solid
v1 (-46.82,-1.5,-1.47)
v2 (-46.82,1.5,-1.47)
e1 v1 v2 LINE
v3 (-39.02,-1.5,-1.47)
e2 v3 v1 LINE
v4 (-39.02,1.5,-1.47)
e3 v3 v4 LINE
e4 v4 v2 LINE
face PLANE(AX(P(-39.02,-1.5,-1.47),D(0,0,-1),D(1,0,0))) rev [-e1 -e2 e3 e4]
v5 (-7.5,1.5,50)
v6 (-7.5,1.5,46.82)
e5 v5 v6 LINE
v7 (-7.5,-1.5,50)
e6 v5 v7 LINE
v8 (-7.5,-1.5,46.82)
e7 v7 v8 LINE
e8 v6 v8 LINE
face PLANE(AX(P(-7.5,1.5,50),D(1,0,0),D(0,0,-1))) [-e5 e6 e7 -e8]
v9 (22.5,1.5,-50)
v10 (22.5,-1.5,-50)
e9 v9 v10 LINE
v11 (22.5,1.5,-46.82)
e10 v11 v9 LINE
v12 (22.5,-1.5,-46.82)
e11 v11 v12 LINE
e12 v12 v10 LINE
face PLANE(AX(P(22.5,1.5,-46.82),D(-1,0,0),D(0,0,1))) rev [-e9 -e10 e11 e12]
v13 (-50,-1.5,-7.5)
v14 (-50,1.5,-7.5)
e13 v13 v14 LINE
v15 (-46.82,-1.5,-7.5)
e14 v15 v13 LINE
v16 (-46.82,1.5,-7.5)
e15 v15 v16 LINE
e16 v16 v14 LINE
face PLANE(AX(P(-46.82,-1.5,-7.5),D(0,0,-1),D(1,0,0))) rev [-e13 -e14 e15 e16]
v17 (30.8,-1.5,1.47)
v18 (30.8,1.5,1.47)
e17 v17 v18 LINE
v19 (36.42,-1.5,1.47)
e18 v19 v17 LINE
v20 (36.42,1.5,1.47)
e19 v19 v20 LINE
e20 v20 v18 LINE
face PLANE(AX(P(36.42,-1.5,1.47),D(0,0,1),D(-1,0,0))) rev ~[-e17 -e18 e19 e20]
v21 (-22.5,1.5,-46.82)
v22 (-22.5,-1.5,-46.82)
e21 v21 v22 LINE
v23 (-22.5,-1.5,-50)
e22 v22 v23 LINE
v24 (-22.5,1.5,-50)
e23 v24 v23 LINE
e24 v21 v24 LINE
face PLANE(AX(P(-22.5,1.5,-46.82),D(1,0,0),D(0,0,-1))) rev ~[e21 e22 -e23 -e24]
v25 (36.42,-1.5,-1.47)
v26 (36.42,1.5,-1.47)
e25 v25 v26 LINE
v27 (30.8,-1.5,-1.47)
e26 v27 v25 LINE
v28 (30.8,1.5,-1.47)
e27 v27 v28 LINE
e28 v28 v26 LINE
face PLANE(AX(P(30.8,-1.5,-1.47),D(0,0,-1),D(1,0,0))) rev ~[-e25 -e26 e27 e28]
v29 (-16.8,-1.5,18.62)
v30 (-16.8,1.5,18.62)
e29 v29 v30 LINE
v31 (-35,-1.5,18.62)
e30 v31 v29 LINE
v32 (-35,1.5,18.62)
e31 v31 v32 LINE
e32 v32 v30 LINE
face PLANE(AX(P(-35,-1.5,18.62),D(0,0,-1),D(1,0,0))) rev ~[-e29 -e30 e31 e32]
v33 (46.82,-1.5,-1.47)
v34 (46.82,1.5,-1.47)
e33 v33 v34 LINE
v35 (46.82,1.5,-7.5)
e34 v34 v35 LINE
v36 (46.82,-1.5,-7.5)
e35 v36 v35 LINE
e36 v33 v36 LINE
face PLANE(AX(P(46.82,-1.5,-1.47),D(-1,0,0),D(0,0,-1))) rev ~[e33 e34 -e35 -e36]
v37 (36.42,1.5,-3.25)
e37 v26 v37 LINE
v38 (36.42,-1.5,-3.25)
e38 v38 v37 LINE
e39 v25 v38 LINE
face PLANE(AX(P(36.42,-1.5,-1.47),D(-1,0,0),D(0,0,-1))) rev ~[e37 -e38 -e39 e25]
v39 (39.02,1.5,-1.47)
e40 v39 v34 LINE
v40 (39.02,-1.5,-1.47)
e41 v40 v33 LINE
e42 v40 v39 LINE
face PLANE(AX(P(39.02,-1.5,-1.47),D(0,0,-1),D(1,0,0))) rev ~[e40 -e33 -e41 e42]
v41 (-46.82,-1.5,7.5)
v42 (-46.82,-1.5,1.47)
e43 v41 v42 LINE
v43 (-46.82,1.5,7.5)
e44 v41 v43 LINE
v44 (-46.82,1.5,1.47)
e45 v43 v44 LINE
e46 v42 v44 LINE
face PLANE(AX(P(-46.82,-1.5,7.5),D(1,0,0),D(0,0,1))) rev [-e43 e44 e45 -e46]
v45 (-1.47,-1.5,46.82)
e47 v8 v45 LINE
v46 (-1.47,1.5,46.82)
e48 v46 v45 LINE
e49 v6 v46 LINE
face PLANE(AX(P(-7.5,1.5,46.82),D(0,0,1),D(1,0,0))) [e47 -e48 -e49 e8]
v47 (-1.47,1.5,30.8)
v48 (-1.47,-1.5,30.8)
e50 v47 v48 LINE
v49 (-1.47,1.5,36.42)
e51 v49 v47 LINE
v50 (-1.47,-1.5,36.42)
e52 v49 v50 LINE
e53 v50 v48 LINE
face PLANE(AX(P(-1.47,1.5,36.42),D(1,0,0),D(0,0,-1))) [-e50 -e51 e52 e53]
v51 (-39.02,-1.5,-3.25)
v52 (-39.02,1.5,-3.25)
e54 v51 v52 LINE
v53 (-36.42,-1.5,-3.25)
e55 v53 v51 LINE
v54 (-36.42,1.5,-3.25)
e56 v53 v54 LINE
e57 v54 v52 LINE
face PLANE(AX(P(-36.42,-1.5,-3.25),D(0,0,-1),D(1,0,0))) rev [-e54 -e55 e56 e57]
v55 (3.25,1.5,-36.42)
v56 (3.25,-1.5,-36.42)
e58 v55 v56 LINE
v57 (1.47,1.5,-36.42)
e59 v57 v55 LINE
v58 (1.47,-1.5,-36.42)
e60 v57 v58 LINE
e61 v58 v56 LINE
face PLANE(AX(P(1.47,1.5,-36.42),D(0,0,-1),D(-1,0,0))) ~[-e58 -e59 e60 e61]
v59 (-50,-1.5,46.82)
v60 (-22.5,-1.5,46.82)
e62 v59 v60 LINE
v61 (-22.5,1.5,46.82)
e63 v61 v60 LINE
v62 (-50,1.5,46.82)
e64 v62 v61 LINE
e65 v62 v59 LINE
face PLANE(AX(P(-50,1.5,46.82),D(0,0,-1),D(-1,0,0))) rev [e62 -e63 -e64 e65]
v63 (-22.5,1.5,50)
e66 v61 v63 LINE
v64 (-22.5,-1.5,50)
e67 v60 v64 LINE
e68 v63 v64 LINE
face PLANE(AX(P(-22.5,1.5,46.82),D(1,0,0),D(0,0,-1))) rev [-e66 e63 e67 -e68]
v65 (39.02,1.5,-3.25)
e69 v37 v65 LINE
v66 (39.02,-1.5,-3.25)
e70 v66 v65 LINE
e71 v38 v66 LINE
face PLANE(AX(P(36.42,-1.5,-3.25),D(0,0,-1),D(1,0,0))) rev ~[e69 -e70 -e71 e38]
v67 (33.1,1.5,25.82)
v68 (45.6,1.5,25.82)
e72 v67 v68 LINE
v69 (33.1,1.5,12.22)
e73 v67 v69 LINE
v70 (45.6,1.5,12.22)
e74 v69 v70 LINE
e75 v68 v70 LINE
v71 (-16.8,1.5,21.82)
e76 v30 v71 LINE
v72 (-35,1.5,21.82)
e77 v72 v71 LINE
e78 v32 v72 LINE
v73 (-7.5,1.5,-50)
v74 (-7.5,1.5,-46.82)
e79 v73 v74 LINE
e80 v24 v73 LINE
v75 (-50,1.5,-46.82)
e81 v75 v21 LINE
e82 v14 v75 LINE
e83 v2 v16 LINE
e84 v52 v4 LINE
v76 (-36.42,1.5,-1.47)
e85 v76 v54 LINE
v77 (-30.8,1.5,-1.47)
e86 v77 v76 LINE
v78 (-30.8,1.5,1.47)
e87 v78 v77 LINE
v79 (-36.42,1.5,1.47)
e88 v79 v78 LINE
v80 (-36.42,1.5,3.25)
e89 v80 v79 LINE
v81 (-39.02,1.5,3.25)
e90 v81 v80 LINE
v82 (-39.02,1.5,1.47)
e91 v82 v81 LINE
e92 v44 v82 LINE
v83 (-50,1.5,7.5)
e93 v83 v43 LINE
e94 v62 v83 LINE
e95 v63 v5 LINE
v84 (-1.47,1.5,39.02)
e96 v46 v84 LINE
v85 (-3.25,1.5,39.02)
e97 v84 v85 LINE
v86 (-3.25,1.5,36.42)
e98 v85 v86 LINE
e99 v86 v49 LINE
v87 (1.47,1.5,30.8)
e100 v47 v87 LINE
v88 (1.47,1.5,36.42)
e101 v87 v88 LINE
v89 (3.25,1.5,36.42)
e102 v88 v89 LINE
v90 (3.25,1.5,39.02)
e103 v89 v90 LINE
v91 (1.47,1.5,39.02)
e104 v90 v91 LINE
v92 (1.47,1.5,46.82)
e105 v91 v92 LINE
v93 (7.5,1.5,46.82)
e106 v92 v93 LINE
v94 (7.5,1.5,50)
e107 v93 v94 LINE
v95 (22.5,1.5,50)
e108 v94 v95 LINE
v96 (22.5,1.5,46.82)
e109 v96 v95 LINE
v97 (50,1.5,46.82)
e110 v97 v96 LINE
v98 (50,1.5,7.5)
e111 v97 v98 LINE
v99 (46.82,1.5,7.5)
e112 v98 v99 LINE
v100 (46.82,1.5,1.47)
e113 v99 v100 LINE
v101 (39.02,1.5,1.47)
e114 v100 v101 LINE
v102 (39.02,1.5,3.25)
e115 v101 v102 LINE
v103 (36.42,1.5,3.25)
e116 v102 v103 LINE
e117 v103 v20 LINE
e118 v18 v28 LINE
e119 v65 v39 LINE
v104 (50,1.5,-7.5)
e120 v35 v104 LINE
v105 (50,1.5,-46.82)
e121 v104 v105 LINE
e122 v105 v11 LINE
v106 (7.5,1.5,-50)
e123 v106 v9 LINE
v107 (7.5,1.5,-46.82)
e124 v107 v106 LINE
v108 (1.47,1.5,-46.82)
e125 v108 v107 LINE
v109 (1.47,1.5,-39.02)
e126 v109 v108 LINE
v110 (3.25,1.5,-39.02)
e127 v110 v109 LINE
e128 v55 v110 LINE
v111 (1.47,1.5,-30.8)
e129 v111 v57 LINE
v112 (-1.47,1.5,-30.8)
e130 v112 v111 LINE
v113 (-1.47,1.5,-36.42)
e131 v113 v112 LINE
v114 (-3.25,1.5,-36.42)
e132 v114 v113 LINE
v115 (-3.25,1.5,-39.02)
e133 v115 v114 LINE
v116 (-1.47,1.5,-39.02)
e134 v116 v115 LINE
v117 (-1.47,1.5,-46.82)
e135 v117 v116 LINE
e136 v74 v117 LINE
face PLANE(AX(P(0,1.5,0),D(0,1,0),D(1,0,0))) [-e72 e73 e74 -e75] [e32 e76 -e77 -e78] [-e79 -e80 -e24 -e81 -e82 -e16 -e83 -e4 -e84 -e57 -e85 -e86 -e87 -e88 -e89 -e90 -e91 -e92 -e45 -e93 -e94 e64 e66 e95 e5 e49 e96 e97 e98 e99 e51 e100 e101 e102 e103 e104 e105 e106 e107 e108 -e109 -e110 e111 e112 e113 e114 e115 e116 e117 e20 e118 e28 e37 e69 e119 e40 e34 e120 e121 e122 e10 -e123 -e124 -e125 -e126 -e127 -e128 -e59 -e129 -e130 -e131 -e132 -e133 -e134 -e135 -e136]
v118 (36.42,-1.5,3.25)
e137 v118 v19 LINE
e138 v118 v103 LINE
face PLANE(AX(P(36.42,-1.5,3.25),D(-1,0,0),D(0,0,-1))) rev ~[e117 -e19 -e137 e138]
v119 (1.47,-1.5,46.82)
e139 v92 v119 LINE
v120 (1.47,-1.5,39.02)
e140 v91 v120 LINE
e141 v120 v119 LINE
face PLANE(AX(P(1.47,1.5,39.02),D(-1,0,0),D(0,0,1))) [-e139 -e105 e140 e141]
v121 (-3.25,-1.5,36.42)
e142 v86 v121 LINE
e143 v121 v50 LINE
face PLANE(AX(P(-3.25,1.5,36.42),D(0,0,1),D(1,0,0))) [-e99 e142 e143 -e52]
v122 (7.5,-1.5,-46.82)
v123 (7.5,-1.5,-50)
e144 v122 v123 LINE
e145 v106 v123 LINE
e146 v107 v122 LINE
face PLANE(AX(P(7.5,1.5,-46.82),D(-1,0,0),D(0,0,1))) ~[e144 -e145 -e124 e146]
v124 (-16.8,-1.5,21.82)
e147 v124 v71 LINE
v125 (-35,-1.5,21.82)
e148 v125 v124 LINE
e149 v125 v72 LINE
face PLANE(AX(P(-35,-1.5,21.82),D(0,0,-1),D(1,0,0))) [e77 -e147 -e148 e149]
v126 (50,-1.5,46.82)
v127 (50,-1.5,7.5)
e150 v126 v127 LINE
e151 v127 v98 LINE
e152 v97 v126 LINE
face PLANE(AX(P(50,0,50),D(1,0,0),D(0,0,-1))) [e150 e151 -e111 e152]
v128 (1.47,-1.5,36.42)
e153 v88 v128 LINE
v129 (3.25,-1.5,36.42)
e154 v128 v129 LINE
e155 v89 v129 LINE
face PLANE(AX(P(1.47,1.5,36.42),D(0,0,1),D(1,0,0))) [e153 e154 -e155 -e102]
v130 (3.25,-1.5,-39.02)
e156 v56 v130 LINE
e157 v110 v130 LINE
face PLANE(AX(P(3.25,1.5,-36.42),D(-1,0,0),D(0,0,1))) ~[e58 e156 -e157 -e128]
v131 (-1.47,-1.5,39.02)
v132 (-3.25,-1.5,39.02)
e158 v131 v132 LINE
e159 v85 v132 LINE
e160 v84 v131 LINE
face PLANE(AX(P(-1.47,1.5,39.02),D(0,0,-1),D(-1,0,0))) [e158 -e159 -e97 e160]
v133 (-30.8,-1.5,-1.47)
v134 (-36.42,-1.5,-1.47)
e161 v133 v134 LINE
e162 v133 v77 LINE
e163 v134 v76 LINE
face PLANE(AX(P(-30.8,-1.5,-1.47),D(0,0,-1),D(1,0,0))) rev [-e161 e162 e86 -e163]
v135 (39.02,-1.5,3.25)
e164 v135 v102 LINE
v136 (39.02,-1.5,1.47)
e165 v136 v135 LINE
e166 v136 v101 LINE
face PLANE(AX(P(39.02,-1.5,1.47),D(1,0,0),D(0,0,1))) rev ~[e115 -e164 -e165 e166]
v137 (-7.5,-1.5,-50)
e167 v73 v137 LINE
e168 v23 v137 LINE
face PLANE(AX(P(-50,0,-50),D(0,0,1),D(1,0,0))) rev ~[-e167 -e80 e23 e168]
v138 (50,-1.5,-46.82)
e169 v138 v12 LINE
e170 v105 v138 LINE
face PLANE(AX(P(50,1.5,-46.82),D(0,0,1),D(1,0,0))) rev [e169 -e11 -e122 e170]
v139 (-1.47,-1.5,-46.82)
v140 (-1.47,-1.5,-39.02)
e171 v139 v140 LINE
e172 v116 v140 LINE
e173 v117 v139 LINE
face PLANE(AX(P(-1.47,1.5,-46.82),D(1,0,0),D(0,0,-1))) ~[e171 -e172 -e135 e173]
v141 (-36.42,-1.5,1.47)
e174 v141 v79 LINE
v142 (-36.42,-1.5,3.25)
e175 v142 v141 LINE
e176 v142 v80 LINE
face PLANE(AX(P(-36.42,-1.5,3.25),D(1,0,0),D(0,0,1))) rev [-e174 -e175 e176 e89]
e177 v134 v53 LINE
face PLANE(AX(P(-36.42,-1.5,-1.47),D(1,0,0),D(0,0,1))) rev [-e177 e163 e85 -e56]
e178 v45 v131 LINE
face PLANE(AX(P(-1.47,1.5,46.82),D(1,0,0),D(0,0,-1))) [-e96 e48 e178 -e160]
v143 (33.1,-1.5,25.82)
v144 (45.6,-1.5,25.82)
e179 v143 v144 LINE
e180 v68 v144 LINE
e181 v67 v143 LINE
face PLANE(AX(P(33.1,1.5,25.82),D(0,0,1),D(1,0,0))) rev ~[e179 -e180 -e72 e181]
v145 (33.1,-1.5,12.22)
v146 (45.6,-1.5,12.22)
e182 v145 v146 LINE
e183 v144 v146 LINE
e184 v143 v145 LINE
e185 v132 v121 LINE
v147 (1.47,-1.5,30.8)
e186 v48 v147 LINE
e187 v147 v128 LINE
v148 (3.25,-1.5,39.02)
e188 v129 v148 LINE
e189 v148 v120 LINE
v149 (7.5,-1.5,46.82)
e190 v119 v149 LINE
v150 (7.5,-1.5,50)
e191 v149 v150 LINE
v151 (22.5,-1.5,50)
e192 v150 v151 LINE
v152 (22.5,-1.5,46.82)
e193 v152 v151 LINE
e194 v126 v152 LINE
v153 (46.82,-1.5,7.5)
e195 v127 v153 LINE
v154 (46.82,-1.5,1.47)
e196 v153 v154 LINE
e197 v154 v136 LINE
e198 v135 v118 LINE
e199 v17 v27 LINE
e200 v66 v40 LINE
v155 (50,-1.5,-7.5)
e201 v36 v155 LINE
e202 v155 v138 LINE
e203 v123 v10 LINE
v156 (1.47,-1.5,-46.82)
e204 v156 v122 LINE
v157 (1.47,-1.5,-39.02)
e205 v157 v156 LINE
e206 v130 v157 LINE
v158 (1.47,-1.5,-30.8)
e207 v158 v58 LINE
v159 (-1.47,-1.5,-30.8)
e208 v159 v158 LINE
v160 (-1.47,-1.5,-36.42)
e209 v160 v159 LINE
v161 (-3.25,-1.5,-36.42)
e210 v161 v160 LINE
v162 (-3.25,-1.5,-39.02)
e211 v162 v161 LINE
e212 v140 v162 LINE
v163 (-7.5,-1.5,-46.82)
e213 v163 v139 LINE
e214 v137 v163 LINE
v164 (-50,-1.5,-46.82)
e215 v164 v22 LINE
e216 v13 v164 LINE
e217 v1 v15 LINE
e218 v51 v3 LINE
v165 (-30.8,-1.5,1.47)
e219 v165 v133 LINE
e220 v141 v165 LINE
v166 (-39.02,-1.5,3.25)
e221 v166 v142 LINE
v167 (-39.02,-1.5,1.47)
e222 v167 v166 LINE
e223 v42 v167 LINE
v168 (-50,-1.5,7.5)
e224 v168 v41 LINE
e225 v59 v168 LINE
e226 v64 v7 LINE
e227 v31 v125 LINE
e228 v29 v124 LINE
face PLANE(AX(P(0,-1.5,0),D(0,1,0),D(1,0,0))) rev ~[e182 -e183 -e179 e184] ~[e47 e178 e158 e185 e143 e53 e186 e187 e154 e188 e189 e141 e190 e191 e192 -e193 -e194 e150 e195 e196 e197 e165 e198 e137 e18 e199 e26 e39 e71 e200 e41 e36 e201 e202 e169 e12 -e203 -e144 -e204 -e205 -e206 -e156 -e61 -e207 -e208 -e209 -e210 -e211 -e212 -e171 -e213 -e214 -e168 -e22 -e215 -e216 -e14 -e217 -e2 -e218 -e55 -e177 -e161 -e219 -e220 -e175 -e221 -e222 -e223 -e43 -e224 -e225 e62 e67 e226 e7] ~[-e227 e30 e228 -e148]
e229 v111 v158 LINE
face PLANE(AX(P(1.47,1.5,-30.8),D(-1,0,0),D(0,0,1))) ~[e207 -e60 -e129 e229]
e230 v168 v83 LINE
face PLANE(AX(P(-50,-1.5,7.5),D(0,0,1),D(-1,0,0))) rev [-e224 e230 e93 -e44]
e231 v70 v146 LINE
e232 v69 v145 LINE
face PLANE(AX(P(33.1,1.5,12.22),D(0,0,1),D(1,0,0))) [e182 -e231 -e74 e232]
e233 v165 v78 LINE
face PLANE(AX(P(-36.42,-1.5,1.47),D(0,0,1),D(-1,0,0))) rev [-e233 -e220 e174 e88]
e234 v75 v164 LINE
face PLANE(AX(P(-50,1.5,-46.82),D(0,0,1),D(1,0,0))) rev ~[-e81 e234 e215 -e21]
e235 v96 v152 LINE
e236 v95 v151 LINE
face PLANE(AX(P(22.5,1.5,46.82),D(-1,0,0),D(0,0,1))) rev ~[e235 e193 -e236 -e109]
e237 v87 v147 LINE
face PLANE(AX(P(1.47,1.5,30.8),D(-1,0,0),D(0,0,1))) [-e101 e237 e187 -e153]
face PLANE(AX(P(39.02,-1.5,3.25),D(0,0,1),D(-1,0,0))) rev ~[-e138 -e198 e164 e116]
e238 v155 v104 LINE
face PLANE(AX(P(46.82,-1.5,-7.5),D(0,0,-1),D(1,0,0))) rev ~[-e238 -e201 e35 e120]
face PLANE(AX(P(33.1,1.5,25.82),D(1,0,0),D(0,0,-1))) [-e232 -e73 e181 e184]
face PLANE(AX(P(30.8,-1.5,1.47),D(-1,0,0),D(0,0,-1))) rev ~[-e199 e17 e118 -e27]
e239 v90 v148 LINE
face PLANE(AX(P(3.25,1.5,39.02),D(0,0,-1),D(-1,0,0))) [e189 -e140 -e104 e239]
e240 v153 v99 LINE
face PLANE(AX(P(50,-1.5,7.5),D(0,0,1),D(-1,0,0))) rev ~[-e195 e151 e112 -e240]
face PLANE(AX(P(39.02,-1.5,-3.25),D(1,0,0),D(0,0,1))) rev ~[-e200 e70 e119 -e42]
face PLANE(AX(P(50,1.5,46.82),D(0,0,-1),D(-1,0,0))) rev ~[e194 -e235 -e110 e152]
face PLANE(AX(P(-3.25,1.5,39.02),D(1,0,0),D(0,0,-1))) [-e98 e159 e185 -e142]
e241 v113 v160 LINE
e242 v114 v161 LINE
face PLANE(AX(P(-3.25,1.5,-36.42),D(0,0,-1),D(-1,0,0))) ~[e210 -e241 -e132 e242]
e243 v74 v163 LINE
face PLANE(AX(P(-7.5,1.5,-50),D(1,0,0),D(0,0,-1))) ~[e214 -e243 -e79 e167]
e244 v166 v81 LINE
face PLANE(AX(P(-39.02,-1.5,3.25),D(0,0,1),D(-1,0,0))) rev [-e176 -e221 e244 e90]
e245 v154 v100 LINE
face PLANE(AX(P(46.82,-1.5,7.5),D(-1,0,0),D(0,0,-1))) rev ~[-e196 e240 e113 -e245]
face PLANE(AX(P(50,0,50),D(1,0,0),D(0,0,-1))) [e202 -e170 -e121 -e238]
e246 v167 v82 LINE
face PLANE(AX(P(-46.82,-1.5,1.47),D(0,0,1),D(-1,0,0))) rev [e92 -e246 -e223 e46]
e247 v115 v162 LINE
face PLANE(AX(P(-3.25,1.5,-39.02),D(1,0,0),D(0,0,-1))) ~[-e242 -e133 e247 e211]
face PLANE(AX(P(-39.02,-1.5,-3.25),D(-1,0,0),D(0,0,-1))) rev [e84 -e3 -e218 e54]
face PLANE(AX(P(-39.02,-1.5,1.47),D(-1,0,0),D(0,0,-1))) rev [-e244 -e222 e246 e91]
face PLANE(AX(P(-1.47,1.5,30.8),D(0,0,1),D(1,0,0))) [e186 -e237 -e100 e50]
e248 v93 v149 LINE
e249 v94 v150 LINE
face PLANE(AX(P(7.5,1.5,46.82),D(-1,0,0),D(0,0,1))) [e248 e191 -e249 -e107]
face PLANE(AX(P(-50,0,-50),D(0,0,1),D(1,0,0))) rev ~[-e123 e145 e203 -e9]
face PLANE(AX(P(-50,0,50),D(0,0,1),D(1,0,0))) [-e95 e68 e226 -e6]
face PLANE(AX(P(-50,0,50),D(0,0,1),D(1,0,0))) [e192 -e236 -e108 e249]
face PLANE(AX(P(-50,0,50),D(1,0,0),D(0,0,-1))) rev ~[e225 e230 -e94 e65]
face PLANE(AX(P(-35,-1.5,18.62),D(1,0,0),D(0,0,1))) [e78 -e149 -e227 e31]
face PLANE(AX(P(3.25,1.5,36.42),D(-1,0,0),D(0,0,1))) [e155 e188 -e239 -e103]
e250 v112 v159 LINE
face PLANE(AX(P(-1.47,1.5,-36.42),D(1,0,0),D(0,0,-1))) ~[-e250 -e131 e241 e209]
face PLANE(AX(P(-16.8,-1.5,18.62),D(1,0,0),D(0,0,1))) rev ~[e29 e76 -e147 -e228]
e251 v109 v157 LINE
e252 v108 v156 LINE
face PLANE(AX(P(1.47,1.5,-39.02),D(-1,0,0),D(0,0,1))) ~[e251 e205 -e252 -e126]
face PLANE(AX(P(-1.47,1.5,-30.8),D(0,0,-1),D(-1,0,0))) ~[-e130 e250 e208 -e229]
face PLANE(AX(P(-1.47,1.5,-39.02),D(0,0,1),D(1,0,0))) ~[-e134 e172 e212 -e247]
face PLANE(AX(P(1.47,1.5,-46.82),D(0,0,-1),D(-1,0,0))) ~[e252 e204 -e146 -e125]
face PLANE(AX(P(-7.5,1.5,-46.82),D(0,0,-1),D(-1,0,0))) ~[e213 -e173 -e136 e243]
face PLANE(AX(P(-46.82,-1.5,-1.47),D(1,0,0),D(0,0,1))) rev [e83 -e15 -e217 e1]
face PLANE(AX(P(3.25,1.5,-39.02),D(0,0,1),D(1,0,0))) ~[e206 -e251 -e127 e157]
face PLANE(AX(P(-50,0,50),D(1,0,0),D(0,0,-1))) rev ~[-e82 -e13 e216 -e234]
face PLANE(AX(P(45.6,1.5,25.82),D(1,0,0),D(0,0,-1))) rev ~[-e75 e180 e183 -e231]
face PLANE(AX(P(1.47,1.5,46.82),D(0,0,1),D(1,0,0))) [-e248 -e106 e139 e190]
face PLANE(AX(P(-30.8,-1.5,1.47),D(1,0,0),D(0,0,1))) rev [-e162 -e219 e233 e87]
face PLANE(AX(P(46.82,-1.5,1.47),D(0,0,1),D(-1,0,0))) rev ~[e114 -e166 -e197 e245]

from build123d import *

# Parameters (mm, degrees)
SKETCH1_W                = 100
SKETCH1_H                = 100
BOSS_EXTRUDE1_DEPTH      = 1.5
CUT_EXTRUDE6_DEPTH       = 71.774289117
SKETCH4_W                = 27.5
SKETCH4_H                = 3.18
CUT_EXTRUDE9_DEPTH       = 3
CUT_EXTRUDE10_DEPTH      = 3
MIRROR10_COPY_1_SKETCH_W = 27.5
MIRROR10_COPY_1_SKETCH_H = 3.18
MIRROR10_COPY_1_DEPTH    = 3
SKETCH27_W               = 18.2
SKETCH27_H               = 3.2
CUT_EXTRUDE19_DEPTH      = 3
SKETCH38_W               = 12.6
SKETCH38_H               = 13.5
BOSS_EXTRUDE5_DEPTH      = 3
SKETCH39_W               = 12.5
SKETCH39_H               = 13.6
CUT_EXTRUDE30_DEPTH      = 3


with BuildPart() as part:
    # Sketch1 → Boss-Extrude1 (new, symmetric)
    with BuildSketch(Plane(origin=(0, 0, 0), x_dir=(1, 0, 0), z_dir=(0, 1, 0))):
        Rectangle(SKETCH1_W, SKETCH1_H)
    extrude(amount=BOSS_EXTRUDE1_DEPTH, both=True)

    # Sketch2 → Cut-Extrude6 (cut, through all)
    with BuildSketch(Plane(origin=(0, 1.5, 0), x_dir=(1, 0, 0), z_dir=(0, 1, 0))):
        Polygon((-7.5, -50), (-7.5, -46.82), (-1.47, -46.82), (-1.47, -39.02), (-3.25, -39.02), (-3.25, -36.42), (-1.47, -36.42), (-1.47, -30.8), (1.47, -30.8), (1.47, -36.42), (3.25, -36.42), (3.25, -39.02), (1.47, -39.02), (1.47, -46.82), (7.5, -46.82), (7.5, -50), align=None)
    cut_extrude6 = extrude(amount=-CUT_EXTRUDE6_DEPTH, mode=Mode.SUBTRACT)

    # Mirror1: Cut-Extrude6 across plane
    add(cut_extrude6.mirror(Plane.XY), mode=Mode.SUBTRACT)

    # Sketch4 → Cut-Extrude9 (cut)
    with BuildSketch(Plane(origin=(0, 1.5, 0), x_dir=(1, 0, 0), z_dir=(0, 1, 0))):
        with Locations((-36.25, 48.41)):
            Rectangle(SKETCH4_W, SKETCH4_H)
    cut_extrude9 = extrude(amount=-CUT_EXTRUDE9_DEPTH, mode=Mode.SUBTRACT)

    # Sketch5 → Cut-Extrude10 (cut)
    with BuildSketch(Plane.XZ.offset(1.5)):
        Polygon((50, -7.5), (50, 7.5), (46.82, 7.5), (46.82, 1.47), (39.02, 1.47), (39.02, 3.25), (36.42, 3.25), (36.42, 1.47), (30.8, 1.47), (30.8, -1.47), (36.42, -1.47), (36.42, -3.25), (39.02, -3.25), (39.02, -1.47), (46.82, -1.47), (46.82, -7.5), align=None)
    cut_extrude10 = extrude(amount=-CUT_EXTRUDE10_DEPTH, mode=Mode.SUBTRACT)

    # Mirror6: Cut-Extrude10 across plane
    add(cut_extrude10.mirror(Plane(origin=(0, 0, 0), x_dir=(0, 0, 1), z_dir=(1, 0, 0))), mode=Mode.SUBTRACT)

    # Mirror9: Cut-Extrude9 across plane
    add(cut_extrude9.mirror(Plane.XY), mode=Mode.SUBTRACT)

    # Mirror10: Cut-Extrude9 across plane
    add(cut_extrude9.mirror(Plane(origin=(0, 0, 0), x_dir=(0, 0, 1), z_dir=(1, 0, 0))), mode=Mode.SUBTRACT)

    # Mirror10 copy 1 sketch → Mirror10 copy 1 (cut)
    with BuildSketch(Plane(origin=(0, 1.5, 0), x_dir=(-1, 0, 0), z_dir=(0, 1, 0))):
        with Locations((-36.25, 48.41)):
            Rectangle(MIRROR10_COPY_1_SKETCH_W, MIRROR10_COPY_1_SKETCH_H)
    extrude(amount=-MIRROR10_COPY_1_DEPTH, mode=Mode.SUBTRACT)

    # Sketch27 → Cut-Extrude19 (cut)
    with BuildSketch(Plane.XZ.offset(1.5)):
        with Locations((-25.9, 20.22)):
            Rectangle(SKETCH27_W, SKETCH27_H)
    extrude(amount=-CUT_EXTRUDE19_DEPTH, mode=Mode.SUBTRACT)

    # Sketch38 → Boss-Extrude5 (add)
    with BuildSketch(Plane(origin=(0, 1.5, 0), x_dir=(1, 0, 0), z_dir=(0, 1, 0))):
        with Locations((40.4, -19.07)):
            Rectangle(SKETCH38_W, SKETCH38_H)
    extrude(amount=-BOSS_EXTRUDE5_DEPTH)

    # Sketch39 → Cut-Extrude30 (cut)
    with BuildSketch(Plane(origin=(0, 1.5, 0), x_dir=(1, 0, 0), z_dir=(0, 1, 0))):
        with Locations((39.35, -19.02)):
            Rectangle(SKETCH39_W, SKETCH39_H)
    extrude(amount=-CUT_EXTRUDE30_DEPTH, mode=Mode.SUBTRACT)


solid = part.part
